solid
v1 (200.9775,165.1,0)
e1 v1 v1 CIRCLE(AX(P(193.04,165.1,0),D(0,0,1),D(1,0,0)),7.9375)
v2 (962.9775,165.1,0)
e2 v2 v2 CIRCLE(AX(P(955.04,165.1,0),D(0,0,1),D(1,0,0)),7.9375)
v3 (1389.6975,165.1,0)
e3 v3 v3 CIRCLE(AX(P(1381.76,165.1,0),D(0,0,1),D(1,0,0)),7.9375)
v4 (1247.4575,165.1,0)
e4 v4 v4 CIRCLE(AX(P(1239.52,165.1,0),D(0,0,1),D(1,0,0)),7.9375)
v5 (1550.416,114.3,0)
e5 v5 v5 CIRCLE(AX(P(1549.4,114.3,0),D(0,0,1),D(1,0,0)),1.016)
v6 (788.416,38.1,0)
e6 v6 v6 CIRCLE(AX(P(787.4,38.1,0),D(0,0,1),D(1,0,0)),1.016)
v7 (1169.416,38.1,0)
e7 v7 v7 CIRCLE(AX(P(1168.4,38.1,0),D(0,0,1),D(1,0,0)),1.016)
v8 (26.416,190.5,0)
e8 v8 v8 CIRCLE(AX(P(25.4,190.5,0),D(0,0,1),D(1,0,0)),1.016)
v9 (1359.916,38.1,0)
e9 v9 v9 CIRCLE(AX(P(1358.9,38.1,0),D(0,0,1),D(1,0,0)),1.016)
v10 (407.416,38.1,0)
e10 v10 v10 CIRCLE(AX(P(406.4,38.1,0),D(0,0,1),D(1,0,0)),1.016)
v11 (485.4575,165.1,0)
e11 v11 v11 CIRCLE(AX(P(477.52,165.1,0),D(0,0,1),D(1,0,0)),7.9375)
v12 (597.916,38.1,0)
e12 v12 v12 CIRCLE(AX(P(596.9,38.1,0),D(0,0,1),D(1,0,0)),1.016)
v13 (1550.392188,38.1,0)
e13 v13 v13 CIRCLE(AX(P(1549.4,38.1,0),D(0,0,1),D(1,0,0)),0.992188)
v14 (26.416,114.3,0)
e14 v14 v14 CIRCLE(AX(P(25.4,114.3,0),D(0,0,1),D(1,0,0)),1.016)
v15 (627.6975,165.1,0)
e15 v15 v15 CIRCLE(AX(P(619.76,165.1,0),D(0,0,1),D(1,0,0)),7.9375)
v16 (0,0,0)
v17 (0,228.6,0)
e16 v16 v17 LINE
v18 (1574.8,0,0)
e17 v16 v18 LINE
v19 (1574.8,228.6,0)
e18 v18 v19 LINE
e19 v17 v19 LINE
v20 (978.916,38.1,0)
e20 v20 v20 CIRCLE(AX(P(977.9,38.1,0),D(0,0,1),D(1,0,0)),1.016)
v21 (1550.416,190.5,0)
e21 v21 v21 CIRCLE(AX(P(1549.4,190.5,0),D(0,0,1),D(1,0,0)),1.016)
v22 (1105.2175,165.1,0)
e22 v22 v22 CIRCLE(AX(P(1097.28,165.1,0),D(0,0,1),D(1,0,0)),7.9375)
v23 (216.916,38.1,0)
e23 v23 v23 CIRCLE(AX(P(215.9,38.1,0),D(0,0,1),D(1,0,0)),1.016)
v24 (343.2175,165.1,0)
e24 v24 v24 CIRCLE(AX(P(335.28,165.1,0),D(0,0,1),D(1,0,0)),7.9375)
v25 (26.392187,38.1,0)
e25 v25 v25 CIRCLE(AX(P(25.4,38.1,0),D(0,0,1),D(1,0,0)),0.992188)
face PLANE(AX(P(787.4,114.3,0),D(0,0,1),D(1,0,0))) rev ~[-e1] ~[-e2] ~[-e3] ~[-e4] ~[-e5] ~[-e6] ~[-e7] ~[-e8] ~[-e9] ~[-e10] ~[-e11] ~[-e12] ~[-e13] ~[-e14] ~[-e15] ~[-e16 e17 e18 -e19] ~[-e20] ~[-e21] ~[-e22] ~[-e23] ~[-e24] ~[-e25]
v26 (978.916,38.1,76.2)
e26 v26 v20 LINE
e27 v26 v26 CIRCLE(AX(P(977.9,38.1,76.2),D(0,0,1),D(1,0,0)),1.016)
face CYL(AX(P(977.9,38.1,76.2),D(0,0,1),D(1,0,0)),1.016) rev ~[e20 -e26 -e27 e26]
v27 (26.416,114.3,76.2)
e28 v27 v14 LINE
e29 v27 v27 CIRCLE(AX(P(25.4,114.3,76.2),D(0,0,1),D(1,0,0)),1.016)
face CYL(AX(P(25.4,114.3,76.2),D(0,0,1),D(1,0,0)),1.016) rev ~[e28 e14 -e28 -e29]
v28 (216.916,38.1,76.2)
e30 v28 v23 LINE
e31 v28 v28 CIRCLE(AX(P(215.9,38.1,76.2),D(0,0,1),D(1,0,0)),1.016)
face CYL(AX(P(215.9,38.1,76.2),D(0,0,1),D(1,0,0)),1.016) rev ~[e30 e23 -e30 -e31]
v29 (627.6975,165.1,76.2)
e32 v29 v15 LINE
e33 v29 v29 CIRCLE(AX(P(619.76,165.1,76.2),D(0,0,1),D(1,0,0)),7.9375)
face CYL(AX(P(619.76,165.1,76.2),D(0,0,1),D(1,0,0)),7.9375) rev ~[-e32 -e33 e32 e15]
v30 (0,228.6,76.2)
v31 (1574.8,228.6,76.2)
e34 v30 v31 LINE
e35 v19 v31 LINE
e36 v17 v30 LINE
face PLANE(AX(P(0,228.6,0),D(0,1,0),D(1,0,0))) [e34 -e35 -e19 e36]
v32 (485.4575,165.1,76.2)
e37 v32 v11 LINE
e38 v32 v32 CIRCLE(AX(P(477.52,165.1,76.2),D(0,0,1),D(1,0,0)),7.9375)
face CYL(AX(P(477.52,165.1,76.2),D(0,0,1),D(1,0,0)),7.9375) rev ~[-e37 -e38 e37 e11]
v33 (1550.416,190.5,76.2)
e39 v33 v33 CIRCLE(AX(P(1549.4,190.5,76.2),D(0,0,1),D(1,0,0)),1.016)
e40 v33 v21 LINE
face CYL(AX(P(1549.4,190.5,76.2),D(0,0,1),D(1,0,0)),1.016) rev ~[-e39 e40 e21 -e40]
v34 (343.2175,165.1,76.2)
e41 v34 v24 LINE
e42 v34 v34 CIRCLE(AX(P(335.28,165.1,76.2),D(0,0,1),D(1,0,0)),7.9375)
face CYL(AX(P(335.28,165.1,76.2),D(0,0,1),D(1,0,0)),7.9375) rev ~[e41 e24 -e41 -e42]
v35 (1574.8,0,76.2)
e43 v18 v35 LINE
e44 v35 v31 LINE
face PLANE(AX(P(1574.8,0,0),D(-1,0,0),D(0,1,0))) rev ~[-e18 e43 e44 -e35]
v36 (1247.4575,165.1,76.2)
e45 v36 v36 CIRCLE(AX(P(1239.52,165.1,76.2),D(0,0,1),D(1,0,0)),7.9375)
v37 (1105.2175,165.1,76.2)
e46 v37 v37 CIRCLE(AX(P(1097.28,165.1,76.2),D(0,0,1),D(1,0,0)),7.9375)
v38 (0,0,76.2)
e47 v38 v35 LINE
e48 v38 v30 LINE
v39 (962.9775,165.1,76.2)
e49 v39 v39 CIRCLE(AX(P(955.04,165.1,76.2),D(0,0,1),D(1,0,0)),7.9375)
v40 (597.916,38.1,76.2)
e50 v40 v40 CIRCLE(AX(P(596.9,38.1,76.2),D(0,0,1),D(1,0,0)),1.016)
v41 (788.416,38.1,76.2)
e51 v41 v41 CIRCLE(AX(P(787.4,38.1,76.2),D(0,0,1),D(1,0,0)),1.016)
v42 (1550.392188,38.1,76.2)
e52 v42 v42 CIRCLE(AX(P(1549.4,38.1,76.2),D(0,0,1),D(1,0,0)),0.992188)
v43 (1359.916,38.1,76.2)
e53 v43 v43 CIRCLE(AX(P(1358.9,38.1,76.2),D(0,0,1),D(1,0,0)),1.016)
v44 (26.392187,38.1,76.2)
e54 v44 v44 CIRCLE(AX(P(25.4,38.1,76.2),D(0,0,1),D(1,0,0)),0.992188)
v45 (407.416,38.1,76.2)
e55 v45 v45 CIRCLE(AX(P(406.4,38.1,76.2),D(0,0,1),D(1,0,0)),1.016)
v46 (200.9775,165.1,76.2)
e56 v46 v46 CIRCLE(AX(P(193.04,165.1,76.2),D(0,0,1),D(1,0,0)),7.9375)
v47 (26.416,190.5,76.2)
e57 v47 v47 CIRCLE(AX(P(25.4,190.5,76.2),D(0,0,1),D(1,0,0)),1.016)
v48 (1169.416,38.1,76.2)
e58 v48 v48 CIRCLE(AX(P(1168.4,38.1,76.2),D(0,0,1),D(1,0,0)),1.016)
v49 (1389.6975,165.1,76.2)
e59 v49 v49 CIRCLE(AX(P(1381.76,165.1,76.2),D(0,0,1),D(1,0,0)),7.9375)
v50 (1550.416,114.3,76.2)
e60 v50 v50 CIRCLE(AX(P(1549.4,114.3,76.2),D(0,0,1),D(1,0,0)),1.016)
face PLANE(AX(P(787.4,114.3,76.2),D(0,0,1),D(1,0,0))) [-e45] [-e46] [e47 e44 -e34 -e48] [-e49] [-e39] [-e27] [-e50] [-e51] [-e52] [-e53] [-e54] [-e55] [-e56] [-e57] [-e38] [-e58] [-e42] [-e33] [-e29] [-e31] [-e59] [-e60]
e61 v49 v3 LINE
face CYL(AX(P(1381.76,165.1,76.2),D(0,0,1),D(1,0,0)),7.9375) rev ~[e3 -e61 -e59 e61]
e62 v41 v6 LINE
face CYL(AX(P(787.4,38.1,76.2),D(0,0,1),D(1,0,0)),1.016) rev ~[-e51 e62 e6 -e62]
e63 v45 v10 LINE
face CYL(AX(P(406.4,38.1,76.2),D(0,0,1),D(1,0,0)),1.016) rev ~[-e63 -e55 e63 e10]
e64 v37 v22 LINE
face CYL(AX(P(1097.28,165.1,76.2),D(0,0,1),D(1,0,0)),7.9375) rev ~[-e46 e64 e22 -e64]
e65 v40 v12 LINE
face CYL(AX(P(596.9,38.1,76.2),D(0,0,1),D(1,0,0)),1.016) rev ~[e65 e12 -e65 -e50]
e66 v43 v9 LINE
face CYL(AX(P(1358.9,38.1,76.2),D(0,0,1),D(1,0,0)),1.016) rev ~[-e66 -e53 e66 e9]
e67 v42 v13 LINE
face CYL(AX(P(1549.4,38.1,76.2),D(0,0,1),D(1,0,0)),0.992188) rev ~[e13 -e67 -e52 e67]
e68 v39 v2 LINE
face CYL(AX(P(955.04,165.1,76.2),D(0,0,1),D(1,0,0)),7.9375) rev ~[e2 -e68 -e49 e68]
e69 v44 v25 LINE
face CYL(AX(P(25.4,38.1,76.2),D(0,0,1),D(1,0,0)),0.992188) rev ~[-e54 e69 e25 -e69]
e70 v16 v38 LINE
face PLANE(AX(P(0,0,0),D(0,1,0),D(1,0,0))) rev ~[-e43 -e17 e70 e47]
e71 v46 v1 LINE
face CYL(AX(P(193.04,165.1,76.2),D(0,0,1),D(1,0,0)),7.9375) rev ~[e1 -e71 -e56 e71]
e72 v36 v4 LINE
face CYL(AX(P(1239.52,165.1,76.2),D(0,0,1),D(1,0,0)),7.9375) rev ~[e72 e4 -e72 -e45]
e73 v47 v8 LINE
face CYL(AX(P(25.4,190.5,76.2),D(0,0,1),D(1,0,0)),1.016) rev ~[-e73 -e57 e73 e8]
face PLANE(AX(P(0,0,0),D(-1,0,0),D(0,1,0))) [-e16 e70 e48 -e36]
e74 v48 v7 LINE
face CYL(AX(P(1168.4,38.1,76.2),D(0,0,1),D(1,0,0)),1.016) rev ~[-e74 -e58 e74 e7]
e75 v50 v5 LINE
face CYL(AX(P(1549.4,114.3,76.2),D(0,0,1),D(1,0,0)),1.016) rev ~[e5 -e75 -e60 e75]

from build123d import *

# Parameters (mm, degrees)
SKETCH1_W           = 1574.8
SKETCH1_H           = 228.6
BOSS_EXTRUDE1_DEPTH = 76.2
SKETCH2_R           = 7.9375
CUT_EXTRUDE1_DEPTH  = 1594.128820906
SKETCH3_R           = 0.9921875
SKETCH3_R_2         = 1.016
CUT_EXTRUDE2_DEPTH  = 76.2


with BuildPart() as part:
    # Sketch1 → Boss-Extrude1 (new body)
    with BuildSketch(Plane.XY):
        with Locations((787.4, 114.3)):
            Rectangle(SKETCH1_W, SKETCH1_H)
    extrude(amount=BOSS_EXTRUDE1_DEPTH)

    # Sketch2 → Cut-Extrude1 (cut, through all)
    with BuildSketch(Plane.XY.offset(76.2)):
        with Locations((193.04, 165.1)):
            Circle(SKETCH2_R)
        with Locations((335.28, 165.1)):
            Circle(SKETCH2_R)
        with Locations((477.52, 165.1)):
            Circle(SKETCH2_R)
        with Locations((619.76, 165.1)):
            Circle(SKETCH2_R)
        with Locations((955.04, 165.1)):
            Circle(SKETCH2_R)
        with Locations((1097.28, 165.1)):
            Circle(SKETCH2_R)
        with Locations((1239.52, 165.1)):
            Circle(SKETCH2_R)
        with Locations((1381.76, 165.1)):
            Circle(SKETCH2_R)
    extrude(amount=-CUT_EXTRUDE1_DEPTH, mode=Mode.SUBTRACT)

    # Sketch3 → Cut-Extrude2 (cut)
    with BuildSketch(Plane.XY.offset(76.2)):
        with Locations((1549.4, 38.1)):
            Circle(SKETCH3_R)
        with Locations((1549.4, 190.5)):
            Circle(SKETCH3_R_2)
        with Locations((1549.4, 114.3)):
            Circle(SKETCH3_R_2)
        with Locations((25.4, 38.1)):
            Circle(SKETCH3_R)
        with Locations((25.4, 114.3)):
            Circle(SKETCH3_R_2)
        with Locations((25.4, 190.5)):
            Circle(SKETCH3_R_2)
        with Locations((215.9, 38.1)):
            Circle(SKETCH3_R_2)
        with Locations((406.4, 38.1)):
            Circle(SKETCH3_R_2)
        with Locations((596.9, 38.1)):
            Circle(SKETCH3_R_2)
        with Locations((787.4, 38.1)):
            Circle(SKETCH3_R_2)
        with Locations((977.9, 38.1)):
            Circle(SKETCH3_R_2)
        with Locations((1168.4, 38.1)):
            Circle(SKETCH3_R_2)
        with Locations((1358.9, 38.1)):
            Circle(SKETCH3_R_2)
    extrude(amount=-CUT_EXTRUDE2_DEPTH, mode=Mode.SUBTRACT)


solid = part.part
